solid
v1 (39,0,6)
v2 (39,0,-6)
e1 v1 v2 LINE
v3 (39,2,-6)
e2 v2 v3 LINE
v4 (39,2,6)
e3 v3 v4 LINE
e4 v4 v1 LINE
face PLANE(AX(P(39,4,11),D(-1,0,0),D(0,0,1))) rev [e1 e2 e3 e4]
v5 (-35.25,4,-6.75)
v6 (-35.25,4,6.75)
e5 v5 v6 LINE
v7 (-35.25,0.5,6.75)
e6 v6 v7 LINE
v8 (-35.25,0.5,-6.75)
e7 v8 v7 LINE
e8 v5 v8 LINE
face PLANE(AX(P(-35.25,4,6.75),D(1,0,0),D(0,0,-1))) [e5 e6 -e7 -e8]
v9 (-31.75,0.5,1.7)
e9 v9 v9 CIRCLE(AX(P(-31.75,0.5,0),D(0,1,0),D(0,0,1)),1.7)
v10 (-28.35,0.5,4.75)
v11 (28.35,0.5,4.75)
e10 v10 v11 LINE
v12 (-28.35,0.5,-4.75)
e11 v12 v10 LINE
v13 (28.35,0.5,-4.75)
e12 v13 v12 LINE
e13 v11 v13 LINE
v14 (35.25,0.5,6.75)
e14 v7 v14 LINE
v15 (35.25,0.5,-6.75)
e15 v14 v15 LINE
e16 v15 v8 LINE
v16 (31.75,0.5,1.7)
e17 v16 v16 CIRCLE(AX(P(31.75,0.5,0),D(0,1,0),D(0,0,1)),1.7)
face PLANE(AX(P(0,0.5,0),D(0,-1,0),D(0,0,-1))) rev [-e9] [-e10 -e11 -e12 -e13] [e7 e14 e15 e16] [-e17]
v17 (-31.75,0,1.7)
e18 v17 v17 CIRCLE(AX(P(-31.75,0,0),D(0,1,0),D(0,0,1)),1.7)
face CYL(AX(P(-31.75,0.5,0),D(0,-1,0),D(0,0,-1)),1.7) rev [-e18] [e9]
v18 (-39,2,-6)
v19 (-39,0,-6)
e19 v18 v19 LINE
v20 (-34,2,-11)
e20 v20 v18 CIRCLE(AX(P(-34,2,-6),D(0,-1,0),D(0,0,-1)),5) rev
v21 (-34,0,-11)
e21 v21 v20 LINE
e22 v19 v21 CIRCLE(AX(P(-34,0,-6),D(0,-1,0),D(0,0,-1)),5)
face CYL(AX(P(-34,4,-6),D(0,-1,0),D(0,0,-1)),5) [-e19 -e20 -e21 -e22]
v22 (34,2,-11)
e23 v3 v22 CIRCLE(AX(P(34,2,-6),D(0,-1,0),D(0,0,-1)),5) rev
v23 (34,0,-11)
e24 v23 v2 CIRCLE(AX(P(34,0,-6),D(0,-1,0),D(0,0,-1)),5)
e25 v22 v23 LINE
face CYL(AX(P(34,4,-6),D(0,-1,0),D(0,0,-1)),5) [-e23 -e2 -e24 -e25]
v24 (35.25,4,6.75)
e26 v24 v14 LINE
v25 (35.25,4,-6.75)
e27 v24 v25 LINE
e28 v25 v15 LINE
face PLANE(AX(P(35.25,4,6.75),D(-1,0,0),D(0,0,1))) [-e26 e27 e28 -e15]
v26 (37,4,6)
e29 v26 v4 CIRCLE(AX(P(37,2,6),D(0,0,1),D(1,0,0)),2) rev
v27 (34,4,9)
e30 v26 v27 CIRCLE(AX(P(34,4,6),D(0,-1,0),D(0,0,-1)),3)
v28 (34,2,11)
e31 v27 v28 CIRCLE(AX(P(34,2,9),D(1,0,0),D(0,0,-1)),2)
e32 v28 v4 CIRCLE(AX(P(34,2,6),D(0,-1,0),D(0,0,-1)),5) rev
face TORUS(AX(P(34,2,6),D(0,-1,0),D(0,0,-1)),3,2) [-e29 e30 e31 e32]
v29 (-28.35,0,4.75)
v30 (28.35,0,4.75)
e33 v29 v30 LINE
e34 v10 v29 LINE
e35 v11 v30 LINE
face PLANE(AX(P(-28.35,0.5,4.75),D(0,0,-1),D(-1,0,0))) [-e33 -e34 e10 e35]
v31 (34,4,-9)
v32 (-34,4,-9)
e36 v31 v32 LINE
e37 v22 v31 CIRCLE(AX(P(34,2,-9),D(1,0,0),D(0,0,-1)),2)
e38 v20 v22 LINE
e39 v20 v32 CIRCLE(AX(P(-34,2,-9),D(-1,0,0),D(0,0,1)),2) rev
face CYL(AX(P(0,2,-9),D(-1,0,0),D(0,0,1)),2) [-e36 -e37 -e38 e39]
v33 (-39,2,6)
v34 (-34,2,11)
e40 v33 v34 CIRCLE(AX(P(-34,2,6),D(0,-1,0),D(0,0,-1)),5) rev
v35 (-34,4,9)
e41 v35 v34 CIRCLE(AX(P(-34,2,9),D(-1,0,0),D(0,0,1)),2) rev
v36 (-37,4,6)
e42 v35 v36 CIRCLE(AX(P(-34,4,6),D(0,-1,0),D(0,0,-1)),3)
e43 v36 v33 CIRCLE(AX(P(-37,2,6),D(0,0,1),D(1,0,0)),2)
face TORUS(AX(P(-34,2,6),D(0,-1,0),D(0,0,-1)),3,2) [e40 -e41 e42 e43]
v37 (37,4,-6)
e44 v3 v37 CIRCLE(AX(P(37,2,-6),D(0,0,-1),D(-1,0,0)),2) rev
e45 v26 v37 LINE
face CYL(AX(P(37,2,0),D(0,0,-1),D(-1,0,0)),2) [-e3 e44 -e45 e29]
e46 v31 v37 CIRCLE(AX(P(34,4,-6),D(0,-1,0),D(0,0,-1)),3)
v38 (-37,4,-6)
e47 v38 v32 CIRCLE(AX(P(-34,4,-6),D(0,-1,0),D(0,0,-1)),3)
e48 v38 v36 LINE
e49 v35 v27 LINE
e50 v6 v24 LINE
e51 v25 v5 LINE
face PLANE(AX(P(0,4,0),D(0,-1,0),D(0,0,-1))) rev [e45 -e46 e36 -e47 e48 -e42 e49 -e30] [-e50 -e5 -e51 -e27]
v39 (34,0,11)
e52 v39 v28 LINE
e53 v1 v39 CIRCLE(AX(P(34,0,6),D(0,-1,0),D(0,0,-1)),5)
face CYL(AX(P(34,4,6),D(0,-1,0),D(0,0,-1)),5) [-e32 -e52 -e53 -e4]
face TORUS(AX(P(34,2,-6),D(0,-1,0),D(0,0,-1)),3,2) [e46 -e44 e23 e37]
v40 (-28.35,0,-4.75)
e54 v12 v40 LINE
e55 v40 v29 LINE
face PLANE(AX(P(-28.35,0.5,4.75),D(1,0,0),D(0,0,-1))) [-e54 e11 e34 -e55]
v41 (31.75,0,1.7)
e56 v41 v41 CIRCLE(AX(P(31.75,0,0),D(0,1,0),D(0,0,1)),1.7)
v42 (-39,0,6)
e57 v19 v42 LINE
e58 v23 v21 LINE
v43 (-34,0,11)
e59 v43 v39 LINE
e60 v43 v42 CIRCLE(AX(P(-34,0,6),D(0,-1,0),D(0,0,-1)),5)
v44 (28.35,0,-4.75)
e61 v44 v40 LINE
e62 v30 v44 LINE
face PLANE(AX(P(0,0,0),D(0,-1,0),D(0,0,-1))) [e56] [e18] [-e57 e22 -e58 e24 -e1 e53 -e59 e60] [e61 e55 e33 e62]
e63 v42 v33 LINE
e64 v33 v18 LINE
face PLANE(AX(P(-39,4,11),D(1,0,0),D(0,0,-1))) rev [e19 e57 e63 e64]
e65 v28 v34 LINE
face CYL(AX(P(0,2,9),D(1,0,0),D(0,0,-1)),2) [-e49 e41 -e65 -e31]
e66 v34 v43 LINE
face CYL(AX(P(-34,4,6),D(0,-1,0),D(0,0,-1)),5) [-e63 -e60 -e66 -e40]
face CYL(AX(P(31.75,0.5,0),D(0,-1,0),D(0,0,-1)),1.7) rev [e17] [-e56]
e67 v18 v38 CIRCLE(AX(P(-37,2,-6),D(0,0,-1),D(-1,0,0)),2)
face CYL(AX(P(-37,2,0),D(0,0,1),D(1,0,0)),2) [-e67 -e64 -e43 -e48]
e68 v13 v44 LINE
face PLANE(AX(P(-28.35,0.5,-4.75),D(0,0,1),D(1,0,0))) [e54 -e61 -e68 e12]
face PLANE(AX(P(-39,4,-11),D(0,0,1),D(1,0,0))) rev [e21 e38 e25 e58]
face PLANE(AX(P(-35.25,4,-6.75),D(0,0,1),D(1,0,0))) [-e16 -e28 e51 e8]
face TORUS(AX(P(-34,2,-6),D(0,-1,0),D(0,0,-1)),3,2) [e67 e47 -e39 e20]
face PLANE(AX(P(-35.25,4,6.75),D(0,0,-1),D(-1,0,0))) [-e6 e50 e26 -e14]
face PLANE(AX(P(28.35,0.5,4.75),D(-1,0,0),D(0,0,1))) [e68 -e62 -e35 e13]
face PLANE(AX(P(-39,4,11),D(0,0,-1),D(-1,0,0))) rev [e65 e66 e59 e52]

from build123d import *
from OCP.BRepFilletAPI import BRepFilletAPI_MakeFillet

# Parameters (mm, degrees)
SKETCH2_W           = 72
SKETCH2_H           = 18
SKETCH2_R           = 1.7
SKETCH2_W_2         = 56.7
SKETCH2_H_2         = 9.5
BOSS_EXTRUDE2_DEPTH = 0.5
SKETCH3_W           = 78
SKETCH3_H           = 22
SKETCH3_W_2         = 70.5
SKETCH3_H_2         = 13.5
BOSS_EXTRUDE3_DEPTH = 4
FILLET1_R1          = 5
FILLET1_R2          = 2


with BuildPart() as part:
    # Sketch2 → Boss-Extrude2 (new body)
    with BuildSketch(Plane(origin=(0, 0, 0), x_dir=(1, 0, 0), z_dir=(0, 1, 0))):
        Rectangle(SKETCH2_W, SKETCH2_H)
        with Locations((-31.75, 0)):
            Circle(SKETCH2_R, mode=Mode.SUBTRACT)
        with Locations((31.75, 0)):
            Circle(SKETCH2_R, mode=Mode.SUBTRACT)
        Rectangle(SKETCH2_W_2, SKETCH2_H_2, mode=Mode.SUBTRACT)
    extrude(amount=BOSS_EXTRUDE2_DEPTH)

    # Sketch3 → Boss-Extrude3 (add)
    with BuildSketch(Plane(origin=(0, 0, 0), x_dir=(1, 0, 0), z_dir=(0, 1, 0))):
        Rectangle(SKETCH3_W, SKETCH3_H)
        Rectangle(SKETCH3_W_2, SKETCH3_H_2, mode=Mode.SUBTRACT)
    extrude(amount=BOSS_EXTRUDE3_DEPTH)

    # Fillet1: one fillet with a radius per group of edges: ONE call of the kernel's fillet builder (fillet() takes one radius for all edges)
    fillet1_edges_1 = [part.edges().sort_by_distance(p)[0] for p in [
        (-39, 2, -11),
        (-39, 2, 11),
        (39, 2, 11),
        (39, 2, -11),
    ]]
    fillet1_edges_2 = [part.edges().sort_by_distance(p)[0] for p in [
        (0, 4, -11),
        (-39, 4, 0),
        (0, 4, 11),
        (39, 4, 0),
    ]]
    fillet1 = BRepFilletAPI_MakeFillet(part.part.solid().wrapped)
    for e in fillet1_edges_1:
        fillet1.Add(FILLET1_R1, e.wrapped)
    for e in fillet1_edges_2:
        fillet1.Add(FILLET1_R2, e.wrapped)
    add(Compound.cast(fillet1.Shape()), mode=Mode.REPLACE)


solid = part.part
